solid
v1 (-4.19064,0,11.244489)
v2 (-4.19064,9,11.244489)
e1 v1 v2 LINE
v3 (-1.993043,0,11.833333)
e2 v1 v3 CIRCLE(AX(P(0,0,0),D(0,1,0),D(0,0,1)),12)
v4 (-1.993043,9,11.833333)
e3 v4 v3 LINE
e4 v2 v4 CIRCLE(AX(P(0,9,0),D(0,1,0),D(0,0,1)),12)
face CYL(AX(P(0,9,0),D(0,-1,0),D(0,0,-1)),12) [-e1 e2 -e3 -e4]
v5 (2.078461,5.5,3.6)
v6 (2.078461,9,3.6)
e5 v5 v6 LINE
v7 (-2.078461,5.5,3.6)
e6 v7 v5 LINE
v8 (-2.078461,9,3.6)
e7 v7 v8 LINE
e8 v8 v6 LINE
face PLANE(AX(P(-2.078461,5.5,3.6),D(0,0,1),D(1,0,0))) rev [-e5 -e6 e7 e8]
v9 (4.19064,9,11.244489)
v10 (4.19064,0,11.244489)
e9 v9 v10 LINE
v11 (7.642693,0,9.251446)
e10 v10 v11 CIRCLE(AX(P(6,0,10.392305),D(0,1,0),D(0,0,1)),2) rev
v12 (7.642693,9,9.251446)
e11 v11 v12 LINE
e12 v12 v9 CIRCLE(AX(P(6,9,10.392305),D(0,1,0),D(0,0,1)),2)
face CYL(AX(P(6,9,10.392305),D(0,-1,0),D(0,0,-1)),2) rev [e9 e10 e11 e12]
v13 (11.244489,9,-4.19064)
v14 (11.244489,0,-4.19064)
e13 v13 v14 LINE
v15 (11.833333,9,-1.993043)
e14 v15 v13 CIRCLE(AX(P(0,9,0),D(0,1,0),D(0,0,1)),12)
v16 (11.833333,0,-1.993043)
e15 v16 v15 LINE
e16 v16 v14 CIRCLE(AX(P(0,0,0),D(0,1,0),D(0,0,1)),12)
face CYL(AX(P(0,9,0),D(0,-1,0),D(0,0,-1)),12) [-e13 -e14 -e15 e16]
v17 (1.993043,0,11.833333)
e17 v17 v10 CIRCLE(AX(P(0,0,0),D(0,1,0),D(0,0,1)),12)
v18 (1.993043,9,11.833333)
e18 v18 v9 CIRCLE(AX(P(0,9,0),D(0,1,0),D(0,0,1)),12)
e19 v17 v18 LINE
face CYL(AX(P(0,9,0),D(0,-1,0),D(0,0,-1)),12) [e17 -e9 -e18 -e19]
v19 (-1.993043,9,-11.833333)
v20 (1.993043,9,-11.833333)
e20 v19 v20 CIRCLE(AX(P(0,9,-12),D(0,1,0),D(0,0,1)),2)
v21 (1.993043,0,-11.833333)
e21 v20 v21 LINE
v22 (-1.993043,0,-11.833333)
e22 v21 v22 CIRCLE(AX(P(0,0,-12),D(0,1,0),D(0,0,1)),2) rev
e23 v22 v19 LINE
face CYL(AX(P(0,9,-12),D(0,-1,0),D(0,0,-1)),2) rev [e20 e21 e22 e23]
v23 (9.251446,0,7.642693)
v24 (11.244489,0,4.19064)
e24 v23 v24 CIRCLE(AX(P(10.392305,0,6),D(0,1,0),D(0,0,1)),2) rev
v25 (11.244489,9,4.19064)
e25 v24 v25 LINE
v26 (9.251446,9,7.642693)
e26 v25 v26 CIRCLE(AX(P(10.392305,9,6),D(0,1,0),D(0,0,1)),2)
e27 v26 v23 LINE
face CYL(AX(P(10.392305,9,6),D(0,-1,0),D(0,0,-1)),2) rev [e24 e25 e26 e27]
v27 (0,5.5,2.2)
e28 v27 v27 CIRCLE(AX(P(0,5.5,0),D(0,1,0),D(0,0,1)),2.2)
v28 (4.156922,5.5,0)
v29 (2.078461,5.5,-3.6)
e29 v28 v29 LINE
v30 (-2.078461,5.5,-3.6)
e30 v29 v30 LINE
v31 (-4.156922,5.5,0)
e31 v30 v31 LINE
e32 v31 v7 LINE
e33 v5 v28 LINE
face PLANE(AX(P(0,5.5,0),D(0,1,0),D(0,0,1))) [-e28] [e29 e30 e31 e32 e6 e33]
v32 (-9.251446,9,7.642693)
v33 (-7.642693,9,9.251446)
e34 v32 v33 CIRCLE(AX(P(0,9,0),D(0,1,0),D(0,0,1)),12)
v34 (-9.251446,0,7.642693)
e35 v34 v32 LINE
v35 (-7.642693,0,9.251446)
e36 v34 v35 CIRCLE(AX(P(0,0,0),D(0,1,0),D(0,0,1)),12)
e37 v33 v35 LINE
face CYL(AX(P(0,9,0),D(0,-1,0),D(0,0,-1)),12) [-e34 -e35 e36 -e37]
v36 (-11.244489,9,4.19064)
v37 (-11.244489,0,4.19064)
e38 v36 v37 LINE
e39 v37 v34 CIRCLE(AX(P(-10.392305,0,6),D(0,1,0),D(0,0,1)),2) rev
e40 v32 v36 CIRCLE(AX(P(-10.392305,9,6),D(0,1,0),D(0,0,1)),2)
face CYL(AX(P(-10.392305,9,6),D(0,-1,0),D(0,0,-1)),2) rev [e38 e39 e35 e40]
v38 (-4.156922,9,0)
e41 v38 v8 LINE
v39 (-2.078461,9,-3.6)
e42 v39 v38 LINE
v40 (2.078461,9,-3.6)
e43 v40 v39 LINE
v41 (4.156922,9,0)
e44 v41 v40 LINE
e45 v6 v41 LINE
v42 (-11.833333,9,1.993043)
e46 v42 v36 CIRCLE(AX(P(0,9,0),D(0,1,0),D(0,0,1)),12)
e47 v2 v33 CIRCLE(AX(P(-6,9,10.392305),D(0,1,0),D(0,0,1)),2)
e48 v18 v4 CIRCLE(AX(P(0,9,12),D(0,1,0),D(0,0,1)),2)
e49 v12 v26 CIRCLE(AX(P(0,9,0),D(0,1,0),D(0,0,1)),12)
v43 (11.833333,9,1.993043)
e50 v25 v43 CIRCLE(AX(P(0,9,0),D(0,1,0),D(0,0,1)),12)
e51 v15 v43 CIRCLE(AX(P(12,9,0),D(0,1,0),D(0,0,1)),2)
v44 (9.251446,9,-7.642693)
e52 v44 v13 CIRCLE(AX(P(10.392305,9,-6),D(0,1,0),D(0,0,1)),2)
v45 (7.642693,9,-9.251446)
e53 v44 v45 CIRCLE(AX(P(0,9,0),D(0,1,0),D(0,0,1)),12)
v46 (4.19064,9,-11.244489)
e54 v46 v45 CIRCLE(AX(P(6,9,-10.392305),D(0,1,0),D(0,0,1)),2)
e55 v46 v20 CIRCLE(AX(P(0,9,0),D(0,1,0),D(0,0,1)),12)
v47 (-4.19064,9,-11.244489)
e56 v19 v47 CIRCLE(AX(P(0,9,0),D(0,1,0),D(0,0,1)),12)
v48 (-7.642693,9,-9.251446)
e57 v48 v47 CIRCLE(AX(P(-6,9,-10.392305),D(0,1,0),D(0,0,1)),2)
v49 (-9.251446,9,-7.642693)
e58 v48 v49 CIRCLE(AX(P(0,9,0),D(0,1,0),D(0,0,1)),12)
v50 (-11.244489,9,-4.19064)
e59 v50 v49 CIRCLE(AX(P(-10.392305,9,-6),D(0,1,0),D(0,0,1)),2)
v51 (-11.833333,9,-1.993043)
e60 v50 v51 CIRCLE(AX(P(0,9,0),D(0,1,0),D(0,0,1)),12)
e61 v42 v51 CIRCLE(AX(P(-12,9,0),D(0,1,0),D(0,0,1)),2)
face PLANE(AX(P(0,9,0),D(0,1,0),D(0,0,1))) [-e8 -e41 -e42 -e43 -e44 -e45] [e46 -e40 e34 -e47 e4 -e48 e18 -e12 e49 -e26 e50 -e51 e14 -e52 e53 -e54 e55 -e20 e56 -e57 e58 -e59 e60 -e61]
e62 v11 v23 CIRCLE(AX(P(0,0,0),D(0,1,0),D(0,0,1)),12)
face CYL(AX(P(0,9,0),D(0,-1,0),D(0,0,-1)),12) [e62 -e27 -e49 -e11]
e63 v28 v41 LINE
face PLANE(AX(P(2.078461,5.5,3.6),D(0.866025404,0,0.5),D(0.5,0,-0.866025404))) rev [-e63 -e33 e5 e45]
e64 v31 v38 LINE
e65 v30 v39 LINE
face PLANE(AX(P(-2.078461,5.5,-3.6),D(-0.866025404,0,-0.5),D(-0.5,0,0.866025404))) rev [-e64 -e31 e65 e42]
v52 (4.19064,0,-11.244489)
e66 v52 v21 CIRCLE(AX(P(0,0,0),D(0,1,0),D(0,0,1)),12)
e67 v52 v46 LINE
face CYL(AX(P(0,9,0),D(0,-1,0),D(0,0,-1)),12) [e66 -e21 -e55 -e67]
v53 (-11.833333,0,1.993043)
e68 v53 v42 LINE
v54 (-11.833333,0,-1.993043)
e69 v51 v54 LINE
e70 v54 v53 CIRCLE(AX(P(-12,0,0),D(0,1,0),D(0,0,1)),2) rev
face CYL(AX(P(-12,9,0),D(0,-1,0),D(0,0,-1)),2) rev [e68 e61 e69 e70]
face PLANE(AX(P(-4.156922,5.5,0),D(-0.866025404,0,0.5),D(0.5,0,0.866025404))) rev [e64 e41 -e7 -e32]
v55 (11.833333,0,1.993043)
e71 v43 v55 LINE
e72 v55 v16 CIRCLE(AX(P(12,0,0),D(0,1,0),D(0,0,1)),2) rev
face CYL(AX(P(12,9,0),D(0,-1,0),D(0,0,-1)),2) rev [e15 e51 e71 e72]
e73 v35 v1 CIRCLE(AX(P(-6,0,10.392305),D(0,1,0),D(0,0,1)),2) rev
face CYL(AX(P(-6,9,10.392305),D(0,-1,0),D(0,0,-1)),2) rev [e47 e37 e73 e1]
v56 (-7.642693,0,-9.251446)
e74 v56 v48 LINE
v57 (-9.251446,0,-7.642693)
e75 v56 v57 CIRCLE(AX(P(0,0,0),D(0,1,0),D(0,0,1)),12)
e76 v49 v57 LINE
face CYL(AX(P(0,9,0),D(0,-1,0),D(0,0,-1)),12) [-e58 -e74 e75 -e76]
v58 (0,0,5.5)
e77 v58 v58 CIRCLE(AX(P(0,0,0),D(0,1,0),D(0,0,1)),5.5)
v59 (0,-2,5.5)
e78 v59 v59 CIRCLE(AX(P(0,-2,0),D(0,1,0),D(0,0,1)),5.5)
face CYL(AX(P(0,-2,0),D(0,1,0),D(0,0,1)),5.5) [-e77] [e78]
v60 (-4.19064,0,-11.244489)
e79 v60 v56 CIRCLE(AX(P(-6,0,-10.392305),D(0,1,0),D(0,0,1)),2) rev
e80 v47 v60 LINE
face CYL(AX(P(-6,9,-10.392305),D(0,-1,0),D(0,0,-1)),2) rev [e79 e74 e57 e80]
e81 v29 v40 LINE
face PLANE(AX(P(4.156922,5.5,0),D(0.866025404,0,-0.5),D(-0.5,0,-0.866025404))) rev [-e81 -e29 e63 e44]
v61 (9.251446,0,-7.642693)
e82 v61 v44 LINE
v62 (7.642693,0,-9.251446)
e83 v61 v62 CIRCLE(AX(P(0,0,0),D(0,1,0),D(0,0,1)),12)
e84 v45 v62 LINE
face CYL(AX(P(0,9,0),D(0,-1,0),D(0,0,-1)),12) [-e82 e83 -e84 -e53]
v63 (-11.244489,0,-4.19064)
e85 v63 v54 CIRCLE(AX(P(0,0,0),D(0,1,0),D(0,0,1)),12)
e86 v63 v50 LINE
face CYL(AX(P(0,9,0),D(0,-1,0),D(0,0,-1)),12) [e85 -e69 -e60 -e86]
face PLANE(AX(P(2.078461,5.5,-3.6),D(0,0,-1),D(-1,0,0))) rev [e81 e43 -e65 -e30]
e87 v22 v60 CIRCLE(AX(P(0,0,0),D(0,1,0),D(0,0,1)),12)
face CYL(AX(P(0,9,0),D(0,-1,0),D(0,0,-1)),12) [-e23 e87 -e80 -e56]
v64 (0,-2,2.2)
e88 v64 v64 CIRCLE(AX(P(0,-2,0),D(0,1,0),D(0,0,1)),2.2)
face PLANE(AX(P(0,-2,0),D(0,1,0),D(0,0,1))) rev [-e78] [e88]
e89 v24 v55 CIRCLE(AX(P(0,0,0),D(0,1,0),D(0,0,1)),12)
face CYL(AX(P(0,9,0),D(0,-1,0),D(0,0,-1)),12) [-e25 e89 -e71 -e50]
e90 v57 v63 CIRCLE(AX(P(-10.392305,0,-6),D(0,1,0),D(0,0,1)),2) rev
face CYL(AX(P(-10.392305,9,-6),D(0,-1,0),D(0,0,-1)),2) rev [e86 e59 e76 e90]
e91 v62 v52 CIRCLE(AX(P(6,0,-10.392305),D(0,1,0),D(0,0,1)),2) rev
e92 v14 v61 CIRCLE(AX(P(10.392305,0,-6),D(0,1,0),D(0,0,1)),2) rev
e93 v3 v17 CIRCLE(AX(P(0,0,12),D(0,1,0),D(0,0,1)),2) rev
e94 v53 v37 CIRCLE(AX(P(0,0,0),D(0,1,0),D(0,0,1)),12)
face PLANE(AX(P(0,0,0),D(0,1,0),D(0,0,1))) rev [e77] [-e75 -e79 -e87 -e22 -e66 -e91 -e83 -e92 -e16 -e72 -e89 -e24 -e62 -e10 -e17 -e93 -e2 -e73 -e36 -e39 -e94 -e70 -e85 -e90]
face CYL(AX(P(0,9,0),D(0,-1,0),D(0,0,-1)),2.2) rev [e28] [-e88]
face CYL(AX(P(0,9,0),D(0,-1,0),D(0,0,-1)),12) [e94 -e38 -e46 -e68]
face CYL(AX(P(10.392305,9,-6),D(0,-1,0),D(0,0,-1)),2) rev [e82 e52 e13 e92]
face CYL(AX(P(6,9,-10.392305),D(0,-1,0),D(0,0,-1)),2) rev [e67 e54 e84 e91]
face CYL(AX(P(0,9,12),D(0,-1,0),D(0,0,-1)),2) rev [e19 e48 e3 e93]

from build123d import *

# Parameters (mm, degrees)
CROQUIS_PERILLA_R    = 12
CUERPO_DEPTH         = 9
MOLETEADO_DEPTH      = 20.209372712
MOLETEADO_DEPTH_BACK = 20.209372712
CROQUIS_MOLETEADO_R  = 2
CROQUIS_ARANDELA_R   = 5.5
ARANDELA_DEPTH       = 2
PASO_M4_DEPTH        = 20.001461932
PASO_M4_DEPTH_BACK   = 20.001461932
CROQUIS_PASO_R       = 2.2
CABEZA_M4_DEPTH      = 3.5


with BuildPart() as part:
    # Croquis_perilla → Cuerpo (new body)
    with BuildSketch(Plane(origin=(0, 0, 0), x_dir=(1, 0, 0), z_dir=(0, 1, 0))):
        with Locations(Location((0, 0, 0), (0, 0, 270))):
            Circle(CROQUIS_PERILLA_R)
    extrude(amount=CUERPO_DEPTH)

    # Croquis_moleteado → Moleteado (cut, two sides: drawn at the far end of the back side and taken through both)
    with BuildSketch(Plane(origin=(0, 0, 0), x_dir=(1, 0, 0), z_dir=(0, 1, 0)).offset(-MOLETEADO_DEPTH_BACK)):
        with Locations((12, 0)):
            Circle(CROQUIS_MOLETEADO_R)
        with Locations((10.392304845, 6)):
            Circle(CROQUIS_MOLETEADO_R)
        with Locations((6, 10.392304845)):
            Circle(CROQUIS_MOLETEADO_R)
        with Locations((0, 12)):
            Circle(CROQUIS_MOLETEADO_R)
        with Locations((-6, 10.392304845)):
            Circle(CROQUIS_MOLETEADO_R)
        with Locations((-10.392304845, 6)):
            Circle(CROQUIS_MOLETEADO_R)
        with Locations((-12, 0)):
            Circle(CROQUIS_MOLETEADO_R)
        with Locations((-10.392304845, -6)):
            Circle(CROQUIS_MOLETEADO_R)
        with Locations((-6, -10.392304845)):
            Circle(CROQUIS_MOLETEADO_R)
        with Locations((0, -12)):
            Circle(CROQUIS_MOLETEADO_R)
        with Locations((6, -10.392304845)):
            Circle(CROQUIS_MOLETEADO_R)
        with Locations((10.392304845, -6)):
            Circle(CROQUIS_MOLETEADO_R)
    extrude(amount=MOLETEADO_DEPTH + MOLETEADO_DEPTH_BACK, mode=Mode.SUBTRACT)

    # Croquis_arandela → Arandela (add)
    with BuildSketch(Plane(origin=(0, 0, 0), x_dir=(1, 0, 0), z_dir=(0, 1, 0))):
        with Locations(Location((0, 0, 0), (0, 0, 270))):
            Circle(CROQUIS_ARANDELA_R)
    extrude(amount=-ARANDELA_DEPTH)

    # Croquis_paso → Paso_M4 (cut, two sides: drawn at the far end of the back side and taken through both)
    with BuildSketch(Plane(origin=(0, 0, 0), x_dir=(1, 0, 0), z_dir=(0, 1, 0)).offset(-PASO_M4_DEPTH_BACK)):
        with Locations(Location((0, 0, 0), (0, 0, 270))):
            Circle(CROQUIS_PASO_R)
    extrude(amount=PASO_M4_DEPTH + PASO_M4_DEPTH_BACK, mode=Mode.SUBTRACT)

    # Croquis_cabeza → Cabeza_M4 (cut)
    with BuildSketch(Plane(origin=(0, 9, 0), x_dir=(1, 0, 0), z_dir=(0, 1, 0))):
        Polygon((4.156921938, 0), (2.078460969, 3.6), (-2.078460969, 3.6), (-4.156921938, 0), (-2.078460969, -3.6), (2.078460969, -3.6), align=None)
    extrude(amount=-CABEZA_M4_DEPTH, mode=Mode.SUBTRACT)


solid = part.part
